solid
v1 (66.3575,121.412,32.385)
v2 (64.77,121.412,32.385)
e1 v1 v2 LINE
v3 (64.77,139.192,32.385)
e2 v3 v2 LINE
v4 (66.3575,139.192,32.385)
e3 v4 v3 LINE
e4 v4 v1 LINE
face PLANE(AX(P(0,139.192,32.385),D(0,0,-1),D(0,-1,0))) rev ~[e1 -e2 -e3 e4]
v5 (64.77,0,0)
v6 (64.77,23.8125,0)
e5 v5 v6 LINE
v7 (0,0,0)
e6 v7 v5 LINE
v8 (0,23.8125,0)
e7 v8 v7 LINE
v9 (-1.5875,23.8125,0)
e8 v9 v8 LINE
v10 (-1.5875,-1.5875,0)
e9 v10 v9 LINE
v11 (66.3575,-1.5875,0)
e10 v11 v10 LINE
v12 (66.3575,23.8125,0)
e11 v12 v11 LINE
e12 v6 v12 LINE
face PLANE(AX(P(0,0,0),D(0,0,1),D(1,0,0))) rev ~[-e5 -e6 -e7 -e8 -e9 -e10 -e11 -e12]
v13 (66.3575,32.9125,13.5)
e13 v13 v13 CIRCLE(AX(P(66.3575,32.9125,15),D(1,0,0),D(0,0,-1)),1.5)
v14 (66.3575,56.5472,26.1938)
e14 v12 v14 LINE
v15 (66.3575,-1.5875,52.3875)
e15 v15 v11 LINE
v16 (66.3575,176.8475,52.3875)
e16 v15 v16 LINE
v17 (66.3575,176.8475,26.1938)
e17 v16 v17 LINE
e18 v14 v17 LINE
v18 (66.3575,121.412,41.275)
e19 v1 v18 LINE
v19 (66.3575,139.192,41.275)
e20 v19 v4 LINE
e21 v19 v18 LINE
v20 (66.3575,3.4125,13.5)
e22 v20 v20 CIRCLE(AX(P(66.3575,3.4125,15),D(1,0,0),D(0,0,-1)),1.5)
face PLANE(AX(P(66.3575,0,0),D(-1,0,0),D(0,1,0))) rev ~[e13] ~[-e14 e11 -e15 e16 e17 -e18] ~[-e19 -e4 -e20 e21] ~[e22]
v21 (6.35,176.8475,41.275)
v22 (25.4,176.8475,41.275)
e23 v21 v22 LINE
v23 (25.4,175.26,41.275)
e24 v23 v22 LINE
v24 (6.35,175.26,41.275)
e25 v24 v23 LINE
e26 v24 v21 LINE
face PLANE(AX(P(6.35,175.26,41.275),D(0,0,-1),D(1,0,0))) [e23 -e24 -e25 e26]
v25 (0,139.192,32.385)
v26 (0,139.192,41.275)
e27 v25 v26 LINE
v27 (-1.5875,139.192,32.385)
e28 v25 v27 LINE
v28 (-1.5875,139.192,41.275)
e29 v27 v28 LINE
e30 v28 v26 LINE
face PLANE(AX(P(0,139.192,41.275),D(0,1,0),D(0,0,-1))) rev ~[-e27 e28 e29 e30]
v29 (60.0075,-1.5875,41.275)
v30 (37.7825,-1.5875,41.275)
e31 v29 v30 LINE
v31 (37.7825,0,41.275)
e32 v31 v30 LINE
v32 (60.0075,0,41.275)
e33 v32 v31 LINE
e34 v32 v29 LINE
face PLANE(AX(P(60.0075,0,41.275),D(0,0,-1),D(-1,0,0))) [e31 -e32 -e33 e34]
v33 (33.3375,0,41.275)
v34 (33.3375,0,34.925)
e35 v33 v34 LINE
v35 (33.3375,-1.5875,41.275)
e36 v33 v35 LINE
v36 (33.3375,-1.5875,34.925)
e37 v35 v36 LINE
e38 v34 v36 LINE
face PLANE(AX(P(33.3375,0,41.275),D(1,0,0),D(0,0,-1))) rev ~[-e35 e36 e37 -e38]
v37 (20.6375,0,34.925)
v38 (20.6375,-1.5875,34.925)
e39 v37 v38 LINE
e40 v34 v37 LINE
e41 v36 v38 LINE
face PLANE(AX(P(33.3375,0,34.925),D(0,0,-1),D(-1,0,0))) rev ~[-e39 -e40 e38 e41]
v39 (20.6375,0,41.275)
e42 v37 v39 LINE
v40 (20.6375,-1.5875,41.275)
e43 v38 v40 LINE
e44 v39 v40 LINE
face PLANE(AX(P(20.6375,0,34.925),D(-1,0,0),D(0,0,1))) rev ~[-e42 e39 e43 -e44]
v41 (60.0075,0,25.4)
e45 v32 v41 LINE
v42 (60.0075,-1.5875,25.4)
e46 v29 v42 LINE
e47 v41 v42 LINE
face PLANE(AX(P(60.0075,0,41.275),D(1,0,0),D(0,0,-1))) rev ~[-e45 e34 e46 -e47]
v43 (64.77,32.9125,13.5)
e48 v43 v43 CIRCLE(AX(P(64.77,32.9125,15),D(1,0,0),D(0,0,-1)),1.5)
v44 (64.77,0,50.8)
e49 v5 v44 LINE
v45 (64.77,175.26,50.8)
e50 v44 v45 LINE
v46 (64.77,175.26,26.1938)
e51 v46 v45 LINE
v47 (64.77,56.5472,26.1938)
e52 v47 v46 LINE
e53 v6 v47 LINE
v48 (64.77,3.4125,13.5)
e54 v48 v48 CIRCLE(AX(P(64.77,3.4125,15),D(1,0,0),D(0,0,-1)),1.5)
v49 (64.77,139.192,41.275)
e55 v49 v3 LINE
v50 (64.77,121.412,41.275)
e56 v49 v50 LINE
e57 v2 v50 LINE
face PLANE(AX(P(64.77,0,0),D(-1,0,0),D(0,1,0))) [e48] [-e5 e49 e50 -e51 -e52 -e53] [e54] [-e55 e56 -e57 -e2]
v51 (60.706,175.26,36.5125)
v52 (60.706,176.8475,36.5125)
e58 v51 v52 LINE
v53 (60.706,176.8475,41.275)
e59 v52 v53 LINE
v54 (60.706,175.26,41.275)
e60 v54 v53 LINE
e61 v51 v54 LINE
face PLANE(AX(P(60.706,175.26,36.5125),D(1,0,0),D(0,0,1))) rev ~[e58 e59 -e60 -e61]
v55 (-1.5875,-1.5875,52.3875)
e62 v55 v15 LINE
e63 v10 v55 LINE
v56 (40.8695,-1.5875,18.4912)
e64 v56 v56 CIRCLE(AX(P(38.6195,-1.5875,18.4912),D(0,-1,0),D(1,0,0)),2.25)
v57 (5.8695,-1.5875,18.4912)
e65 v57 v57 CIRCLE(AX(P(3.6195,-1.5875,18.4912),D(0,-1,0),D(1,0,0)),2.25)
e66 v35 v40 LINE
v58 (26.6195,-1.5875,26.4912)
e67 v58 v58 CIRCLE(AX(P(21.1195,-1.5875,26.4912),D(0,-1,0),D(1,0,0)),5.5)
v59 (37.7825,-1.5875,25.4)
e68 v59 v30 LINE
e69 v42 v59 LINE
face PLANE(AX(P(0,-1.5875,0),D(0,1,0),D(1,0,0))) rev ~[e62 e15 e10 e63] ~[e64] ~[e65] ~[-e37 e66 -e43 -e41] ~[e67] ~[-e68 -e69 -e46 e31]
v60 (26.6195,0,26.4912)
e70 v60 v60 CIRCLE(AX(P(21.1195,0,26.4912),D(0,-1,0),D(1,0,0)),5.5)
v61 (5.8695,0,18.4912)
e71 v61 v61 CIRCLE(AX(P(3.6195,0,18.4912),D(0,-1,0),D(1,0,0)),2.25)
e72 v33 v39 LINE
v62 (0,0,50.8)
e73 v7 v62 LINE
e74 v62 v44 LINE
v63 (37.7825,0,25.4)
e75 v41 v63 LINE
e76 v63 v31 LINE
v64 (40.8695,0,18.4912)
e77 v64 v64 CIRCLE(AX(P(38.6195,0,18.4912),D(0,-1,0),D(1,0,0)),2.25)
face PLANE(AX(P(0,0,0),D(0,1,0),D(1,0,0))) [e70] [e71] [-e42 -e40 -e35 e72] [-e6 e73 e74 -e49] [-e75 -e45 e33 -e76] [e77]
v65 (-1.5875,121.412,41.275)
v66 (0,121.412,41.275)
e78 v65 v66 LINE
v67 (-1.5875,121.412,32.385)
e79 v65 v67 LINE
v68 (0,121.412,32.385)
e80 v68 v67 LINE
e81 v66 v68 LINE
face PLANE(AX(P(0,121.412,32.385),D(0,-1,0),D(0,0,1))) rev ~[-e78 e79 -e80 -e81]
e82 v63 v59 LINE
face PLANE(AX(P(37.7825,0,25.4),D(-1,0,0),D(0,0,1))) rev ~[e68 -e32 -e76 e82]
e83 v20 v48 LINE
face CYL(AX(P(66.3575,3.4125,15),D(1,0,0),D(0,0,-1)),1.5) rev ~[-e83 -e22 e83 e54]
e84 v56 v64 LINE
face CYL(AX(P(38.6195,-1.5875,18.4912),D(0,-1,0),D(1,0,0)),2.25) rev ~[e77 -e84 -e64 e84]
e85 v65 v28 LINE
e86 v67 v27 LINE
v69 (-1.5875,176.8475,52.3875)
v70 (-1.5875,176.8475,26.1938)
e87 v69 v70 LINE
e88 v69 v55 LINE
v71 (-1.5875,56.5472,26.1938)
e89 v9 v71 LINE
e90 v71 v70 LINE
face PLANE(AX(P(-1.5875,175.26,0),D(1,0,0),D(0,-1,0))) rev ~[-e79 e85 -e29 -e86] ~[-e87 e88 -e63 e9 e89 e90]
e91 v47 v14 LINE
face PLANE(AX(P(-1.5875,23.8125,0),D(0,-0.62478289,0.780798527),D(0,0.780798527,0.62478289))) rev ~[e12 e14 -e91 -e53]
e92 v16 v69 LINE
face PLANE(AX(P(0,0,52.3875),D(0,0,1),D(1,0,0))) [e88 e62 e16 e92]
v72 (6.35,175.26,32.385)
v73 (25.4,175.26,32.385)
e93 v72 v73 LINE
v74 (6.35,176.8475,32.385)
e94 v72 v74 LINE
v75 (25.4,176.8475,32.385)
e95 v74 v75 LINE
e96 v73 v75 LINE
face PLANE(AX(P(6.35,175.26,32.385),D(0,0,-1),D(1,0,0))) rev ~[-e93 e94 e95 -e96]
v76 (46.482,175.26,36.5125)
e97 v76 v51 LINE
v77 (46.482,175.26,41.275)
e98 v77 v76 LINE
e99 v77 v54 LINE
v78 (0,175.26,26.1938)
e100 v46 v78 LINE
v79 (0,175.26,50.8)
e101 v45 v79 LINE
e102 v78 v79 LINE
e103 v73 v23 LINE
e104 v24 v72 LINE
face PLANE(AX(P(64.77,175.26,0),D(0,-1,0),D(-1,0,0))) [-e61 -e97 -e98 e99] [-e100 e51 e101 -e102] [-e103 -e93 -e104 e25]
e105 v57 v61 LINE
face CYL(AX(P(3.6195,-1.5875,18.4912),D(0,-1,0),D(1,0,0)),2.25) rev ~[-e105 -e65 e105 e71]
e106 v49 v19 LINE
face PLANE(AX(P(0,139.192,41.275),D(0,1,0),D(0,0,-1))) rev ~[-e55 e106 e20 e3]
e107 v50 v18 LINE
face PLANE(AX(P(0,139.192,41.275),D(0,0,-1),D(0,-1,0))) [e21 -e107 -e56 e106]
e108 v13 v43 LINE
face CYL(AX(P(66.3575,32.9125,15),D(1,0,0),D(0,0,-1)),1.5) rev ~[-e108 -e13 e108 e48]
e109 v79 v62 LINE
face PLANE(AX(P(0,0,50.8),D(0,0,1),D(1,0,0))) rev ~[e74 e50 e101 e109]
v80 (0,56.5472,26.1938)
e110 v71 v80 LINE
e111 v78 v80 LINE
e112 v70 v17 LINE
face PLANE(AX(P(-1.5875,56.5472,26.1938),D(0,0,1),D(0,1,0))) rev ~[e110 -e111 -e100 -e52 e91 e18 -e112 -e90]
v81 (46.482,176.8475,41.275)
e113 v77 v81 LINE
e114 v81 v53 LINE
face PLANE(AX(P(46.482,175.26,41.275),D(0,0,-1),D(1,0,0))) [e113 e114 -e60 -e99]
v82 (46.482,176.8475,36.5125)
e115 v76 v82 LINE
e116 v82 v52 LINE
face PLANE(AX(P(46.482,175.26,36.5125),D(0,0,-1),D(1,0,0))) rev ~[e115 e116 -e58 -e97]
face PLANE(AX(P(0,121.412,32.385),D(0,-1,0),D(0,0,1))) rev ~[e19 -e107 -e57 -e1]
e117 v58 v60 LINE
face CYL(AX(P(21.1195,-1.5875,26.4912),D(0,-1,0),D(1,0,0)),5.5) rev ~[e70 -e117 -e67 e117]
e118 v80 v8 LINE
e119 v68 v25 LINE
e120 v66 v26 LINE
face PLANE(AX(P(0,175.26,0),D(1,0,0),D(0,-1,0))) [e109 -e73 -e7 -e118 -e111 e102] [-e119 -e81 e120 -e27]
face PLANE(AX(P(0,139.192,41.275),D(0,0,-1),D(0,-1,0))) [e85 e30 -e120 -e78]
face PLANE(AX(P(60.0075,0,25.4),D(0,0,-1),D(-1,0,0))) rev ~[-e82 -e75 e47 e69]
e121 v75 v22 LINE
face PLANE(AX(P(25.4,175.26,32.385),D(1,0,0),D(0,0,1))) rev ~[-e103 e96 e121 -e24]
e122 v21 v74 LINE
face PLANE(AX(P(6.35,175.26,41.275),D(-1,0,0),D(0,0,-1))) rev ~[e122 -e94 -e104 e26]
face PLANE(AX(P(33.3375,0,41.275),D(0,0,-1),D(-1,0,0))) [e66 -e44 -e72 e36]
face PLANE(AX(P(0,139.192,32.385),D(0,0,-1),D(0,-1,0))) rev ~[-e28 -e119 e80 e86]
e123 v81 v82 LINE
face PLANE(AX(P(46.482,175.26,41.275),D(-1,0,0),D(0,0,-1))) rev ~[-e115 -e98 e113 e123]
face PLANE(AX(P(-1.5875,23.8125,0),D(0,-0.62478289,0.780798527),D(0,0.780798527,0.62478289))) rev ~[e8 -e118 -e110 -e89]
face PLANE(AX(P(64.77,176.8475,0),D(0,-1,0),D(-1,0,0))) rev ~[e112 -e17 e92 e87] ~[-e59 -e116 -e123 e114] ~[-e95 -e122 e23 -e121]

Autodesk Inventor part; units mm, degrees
ref_plane "YZ Plane" through (0, 0, 0) normal (1, 0, 0) x (0, 1, 0)
ref_plane "XZ Plane" through (0, 0, 0) normal (0, 1, 0) x (-1, 0, 0)
ref_plane "XY Plane" through (0, 0, 0) normal (0, 0, 1) x (1, 0, 0)
sketch "Sketch1" plane through (0, 0, 0) normal (0, 0, 1) x (1, 0, 0)
  line L0 (0, 0) -> (64.77, 0)
  line L1 (64.77, 0) -> (64.77, 175.26)
  line L2 (64.77, 175.26) -> (0, 175.26)
  line L3 (0, 175.26) -> (0, 0)
  dimension "d0" = 64.77
  dimension "d1" = 175.26
extrude "Extrusion1" add sketch "Sketch1" along normal blind 50.8
shell "Shell1" thickness 1.5875 outward yes removed faces 1 at (21.59, 116.84, 0)
sketch "Sketch2" plane through (0, 175.26, 0) normal (0, -1, 0) x (1, 0, 0)
  line L0 (64.77, 50.8) -> (0, 50.8) projected
  line L1 (64.77, 50.8) -> (0, 50.8)
  line L2 (0, 50.8) -> (0, 41.275)
  line L3 (0, 41.275) -> (64.77, 41.275)
  line L4 (64.77, 41.275) -> (64.77, 50.8)
  line L5 (60.706, 41.275) -> (46.482, 41.275)
  line L6 (46.482, 41.275) -> (46.482, 36.5125)
  line L7 (46.482, 36.5125) -> (60.706, 36.5125)
  line L8 (60.706, 36.5125) -> (60.706, 41.275)
  line L9 (25.4, 41.275) -> (6.35, 41.275)
  line L10 (6.35, 41.275) -> (6.35, 32.385)
  line L11 (6.35, 32.385) -> (25.4, 32.385)
  line L12 (25.4, 32.385) -> (25.4, 41.275)
  point P0 (0, 0)
  point P1 (6.35, 41.275)
  dimension "d5" = 9.525
  dimension "d6" = 64.77
  dimension "d7" = 4.7625
  dimension "d8" = 14.224
  dimension "d9" = 18.288
  dimension "d10" = 19.05
  dimension "d11" = 25.4
  dimension "d12" = 8.89
sketch "Sketch4" plane through (0, 0, 0) normal (0, 1, 0) x (1, 0, 0)
  line L0 (0, 0) -> (0, -50.8) projected
  line L1 (0, -50.8) -> (64.77, -50.8)
  line L2 (64.77, -50.8) -> (64.77, -41.275)
  line L3 (64.77, -41.275) -> (0, -41.275)
  line L4 (0, -41.275) -> (0, -50.8)
  line L5 (37.7825, -41.275) -> (60.0075, -41.275)
  line L6 (60.0075, -41.275) -> (60.0075, -25.4)
  line L7 (60.0075, -25.4) -> (37.7825, -25.4)
  line L8 (37.7825, -25.4) -> (37.7825, -41.275)
  line L9 (20.6375, -41.275) -> (33.3375, -41.275)
  line L10 (33.3375, -41.275) -> (33.3375, -34.925)
  line L11 (33.3375, -34.925) -> (20.6375, -34.925)
  line L12 (20.6375, -34.925) -> (20.6375, -41.275)
  dimension "d13" = 9.525
  dimension "d14" = 64.77
  dimension "d15" = 22.225
  dimension "d16" = 15.875
  dimension "d17" = 26.9875
  dimension "d18" = 12.7
  dimension "d19" = 6.35
  dimension "d20" = 33.3375
sketch "Sketch5" plane through (0, 0, 0) normal (1, 0, 0) x (0, 0, -1)
  line L0 (-50.8, 175.26) -> (-50.8, 0) projected
  line L1 (-50.8, 175.26) -> (-41.275, 175.26)
  line L2 (-41.275, 175.26) -> (-41.275, 0)
  line L3 (-41.275, 0) -> (-50.8, 0)
  line L4 (-50.8, 0) -> (-50.8, 175.26)
  line L5 (-41.275, 139.192) -> (-32.385, 139.192)
  line L6 (-32.385, 139.192) -> (-32.385, 121.412)
  line L7 (-32.385, 121.412) -> (-41.275, 121.412)
  line L8 (-41.275, 121.412) -> (-41.275, 139.192)
  point P0 (0, 0)
  dimension "d21" = 9.525
  dimension "d22" = 175.26
  dimension "d23" = 17.78
  dimension "d24" = 8.89
  dimension "d25" = 53.848
extrude "Extrusion2" cut sketch "Sketch5" along normal mid plane 171.45 contours L5 L6 L7 L2
extrude "Extrusion3" cut sketch "Sketch2" against normal blind 171.45 contours L8 L7 L6 L3 | L3 L12 L11 L10
extrude "Extrusion4" cut sketch "Sketch4" against normal blind 171.45 contours L12 L11 L10 L3 | L8 L7 L6 L3
sketch "Sketch6" plane through (-1.5875, -1.5875, 0) normal (-1, 0, 0) x (0, 0, 1)
  line L0 (0, 0) -> (52.3875, 0) projected
  line L1 (0, 0) -> (0, 25.4)
  line L2 (0, 176.8475) -> (0, 1.5875) projected
  line L3 (0, 25.4) -> (26.1938, 58.1347)
  line L4 (26.1938, 58.1347) -> (26.1938, 178.435)
  line L5 (0, 178.435) -> (52.3875, 178.435) projected
  line L6 (0, 178.435) -> (0, 25.4)
  dimension "d32" = 25.4
extrude "Extrusion5" cut sketch "Sketch6" against normal blind 171.45
sketch "Sketch7" plane through (-1.5875, -1.5875, 0) normal (0, -1, 0) x (1, 0, 0)
  circle A0 centre (5.207, 18.4912) radius 2.25
  line L0 (0, 0) -> (0, 52.3875) projected
  line L1 (0, 0) -> (67.945, 0) projected
  circle A1 centre (40.207, 18.4912) radius 2.25
  point P0 (1.5875, 0)
  dimension "d35" = 4.5
  dimension "d36" = 5.207
  dimension "d37" = 18.4912
  dimension "d38" = 4.5
  dimension "d39" = 35
extrude "Extrusion6" cut sketch "Sketch7" against normal blind 171.45
sketch "Sketch8" plane through (-1.5875, -1.5875, 0) normal (0, -1, 0) x (1, 0, 0)
  circle A0 centre (22.707, 26.4912) radius 5.5
  circle A1 centre (5.207, 18.4912) radius 2.25 projected
  point P0 (1.5875, 0)
  dimension "d42" = 11
  dimension "d43" = 8
  dimension "d44" = 17.5
extrude "Extrusion7" cut sketch "Sketch8" against normal blind 10 contours A0
sketch "Sketch9" plane through (66.3575, -1.5875, 52.3875) normal (1, 0, 0) x (0, 0, -1)
  circle A0 centre (37.3875, 5) radius 1.5
  circle A1 centre (37.3875, 34.5) radius 1.5
  line L0 (52.3875, 0) -> (0, 0) projected
  line L1 (52.3875, 0) -> (52.3875, 25.4) projected
  point P0 (52.3875, 1.5875)
  dimension "d47" = 3
  dimension "d48" = 3
  dimension "d49" = 29.5
  dimension "d50" = 5
  dimension "d51" = 15
  dimension "d52" = 15
extrude "Extrusion8" cut sketch "Sketch9" against normal blind 10
properties part number "_3DPrint"
